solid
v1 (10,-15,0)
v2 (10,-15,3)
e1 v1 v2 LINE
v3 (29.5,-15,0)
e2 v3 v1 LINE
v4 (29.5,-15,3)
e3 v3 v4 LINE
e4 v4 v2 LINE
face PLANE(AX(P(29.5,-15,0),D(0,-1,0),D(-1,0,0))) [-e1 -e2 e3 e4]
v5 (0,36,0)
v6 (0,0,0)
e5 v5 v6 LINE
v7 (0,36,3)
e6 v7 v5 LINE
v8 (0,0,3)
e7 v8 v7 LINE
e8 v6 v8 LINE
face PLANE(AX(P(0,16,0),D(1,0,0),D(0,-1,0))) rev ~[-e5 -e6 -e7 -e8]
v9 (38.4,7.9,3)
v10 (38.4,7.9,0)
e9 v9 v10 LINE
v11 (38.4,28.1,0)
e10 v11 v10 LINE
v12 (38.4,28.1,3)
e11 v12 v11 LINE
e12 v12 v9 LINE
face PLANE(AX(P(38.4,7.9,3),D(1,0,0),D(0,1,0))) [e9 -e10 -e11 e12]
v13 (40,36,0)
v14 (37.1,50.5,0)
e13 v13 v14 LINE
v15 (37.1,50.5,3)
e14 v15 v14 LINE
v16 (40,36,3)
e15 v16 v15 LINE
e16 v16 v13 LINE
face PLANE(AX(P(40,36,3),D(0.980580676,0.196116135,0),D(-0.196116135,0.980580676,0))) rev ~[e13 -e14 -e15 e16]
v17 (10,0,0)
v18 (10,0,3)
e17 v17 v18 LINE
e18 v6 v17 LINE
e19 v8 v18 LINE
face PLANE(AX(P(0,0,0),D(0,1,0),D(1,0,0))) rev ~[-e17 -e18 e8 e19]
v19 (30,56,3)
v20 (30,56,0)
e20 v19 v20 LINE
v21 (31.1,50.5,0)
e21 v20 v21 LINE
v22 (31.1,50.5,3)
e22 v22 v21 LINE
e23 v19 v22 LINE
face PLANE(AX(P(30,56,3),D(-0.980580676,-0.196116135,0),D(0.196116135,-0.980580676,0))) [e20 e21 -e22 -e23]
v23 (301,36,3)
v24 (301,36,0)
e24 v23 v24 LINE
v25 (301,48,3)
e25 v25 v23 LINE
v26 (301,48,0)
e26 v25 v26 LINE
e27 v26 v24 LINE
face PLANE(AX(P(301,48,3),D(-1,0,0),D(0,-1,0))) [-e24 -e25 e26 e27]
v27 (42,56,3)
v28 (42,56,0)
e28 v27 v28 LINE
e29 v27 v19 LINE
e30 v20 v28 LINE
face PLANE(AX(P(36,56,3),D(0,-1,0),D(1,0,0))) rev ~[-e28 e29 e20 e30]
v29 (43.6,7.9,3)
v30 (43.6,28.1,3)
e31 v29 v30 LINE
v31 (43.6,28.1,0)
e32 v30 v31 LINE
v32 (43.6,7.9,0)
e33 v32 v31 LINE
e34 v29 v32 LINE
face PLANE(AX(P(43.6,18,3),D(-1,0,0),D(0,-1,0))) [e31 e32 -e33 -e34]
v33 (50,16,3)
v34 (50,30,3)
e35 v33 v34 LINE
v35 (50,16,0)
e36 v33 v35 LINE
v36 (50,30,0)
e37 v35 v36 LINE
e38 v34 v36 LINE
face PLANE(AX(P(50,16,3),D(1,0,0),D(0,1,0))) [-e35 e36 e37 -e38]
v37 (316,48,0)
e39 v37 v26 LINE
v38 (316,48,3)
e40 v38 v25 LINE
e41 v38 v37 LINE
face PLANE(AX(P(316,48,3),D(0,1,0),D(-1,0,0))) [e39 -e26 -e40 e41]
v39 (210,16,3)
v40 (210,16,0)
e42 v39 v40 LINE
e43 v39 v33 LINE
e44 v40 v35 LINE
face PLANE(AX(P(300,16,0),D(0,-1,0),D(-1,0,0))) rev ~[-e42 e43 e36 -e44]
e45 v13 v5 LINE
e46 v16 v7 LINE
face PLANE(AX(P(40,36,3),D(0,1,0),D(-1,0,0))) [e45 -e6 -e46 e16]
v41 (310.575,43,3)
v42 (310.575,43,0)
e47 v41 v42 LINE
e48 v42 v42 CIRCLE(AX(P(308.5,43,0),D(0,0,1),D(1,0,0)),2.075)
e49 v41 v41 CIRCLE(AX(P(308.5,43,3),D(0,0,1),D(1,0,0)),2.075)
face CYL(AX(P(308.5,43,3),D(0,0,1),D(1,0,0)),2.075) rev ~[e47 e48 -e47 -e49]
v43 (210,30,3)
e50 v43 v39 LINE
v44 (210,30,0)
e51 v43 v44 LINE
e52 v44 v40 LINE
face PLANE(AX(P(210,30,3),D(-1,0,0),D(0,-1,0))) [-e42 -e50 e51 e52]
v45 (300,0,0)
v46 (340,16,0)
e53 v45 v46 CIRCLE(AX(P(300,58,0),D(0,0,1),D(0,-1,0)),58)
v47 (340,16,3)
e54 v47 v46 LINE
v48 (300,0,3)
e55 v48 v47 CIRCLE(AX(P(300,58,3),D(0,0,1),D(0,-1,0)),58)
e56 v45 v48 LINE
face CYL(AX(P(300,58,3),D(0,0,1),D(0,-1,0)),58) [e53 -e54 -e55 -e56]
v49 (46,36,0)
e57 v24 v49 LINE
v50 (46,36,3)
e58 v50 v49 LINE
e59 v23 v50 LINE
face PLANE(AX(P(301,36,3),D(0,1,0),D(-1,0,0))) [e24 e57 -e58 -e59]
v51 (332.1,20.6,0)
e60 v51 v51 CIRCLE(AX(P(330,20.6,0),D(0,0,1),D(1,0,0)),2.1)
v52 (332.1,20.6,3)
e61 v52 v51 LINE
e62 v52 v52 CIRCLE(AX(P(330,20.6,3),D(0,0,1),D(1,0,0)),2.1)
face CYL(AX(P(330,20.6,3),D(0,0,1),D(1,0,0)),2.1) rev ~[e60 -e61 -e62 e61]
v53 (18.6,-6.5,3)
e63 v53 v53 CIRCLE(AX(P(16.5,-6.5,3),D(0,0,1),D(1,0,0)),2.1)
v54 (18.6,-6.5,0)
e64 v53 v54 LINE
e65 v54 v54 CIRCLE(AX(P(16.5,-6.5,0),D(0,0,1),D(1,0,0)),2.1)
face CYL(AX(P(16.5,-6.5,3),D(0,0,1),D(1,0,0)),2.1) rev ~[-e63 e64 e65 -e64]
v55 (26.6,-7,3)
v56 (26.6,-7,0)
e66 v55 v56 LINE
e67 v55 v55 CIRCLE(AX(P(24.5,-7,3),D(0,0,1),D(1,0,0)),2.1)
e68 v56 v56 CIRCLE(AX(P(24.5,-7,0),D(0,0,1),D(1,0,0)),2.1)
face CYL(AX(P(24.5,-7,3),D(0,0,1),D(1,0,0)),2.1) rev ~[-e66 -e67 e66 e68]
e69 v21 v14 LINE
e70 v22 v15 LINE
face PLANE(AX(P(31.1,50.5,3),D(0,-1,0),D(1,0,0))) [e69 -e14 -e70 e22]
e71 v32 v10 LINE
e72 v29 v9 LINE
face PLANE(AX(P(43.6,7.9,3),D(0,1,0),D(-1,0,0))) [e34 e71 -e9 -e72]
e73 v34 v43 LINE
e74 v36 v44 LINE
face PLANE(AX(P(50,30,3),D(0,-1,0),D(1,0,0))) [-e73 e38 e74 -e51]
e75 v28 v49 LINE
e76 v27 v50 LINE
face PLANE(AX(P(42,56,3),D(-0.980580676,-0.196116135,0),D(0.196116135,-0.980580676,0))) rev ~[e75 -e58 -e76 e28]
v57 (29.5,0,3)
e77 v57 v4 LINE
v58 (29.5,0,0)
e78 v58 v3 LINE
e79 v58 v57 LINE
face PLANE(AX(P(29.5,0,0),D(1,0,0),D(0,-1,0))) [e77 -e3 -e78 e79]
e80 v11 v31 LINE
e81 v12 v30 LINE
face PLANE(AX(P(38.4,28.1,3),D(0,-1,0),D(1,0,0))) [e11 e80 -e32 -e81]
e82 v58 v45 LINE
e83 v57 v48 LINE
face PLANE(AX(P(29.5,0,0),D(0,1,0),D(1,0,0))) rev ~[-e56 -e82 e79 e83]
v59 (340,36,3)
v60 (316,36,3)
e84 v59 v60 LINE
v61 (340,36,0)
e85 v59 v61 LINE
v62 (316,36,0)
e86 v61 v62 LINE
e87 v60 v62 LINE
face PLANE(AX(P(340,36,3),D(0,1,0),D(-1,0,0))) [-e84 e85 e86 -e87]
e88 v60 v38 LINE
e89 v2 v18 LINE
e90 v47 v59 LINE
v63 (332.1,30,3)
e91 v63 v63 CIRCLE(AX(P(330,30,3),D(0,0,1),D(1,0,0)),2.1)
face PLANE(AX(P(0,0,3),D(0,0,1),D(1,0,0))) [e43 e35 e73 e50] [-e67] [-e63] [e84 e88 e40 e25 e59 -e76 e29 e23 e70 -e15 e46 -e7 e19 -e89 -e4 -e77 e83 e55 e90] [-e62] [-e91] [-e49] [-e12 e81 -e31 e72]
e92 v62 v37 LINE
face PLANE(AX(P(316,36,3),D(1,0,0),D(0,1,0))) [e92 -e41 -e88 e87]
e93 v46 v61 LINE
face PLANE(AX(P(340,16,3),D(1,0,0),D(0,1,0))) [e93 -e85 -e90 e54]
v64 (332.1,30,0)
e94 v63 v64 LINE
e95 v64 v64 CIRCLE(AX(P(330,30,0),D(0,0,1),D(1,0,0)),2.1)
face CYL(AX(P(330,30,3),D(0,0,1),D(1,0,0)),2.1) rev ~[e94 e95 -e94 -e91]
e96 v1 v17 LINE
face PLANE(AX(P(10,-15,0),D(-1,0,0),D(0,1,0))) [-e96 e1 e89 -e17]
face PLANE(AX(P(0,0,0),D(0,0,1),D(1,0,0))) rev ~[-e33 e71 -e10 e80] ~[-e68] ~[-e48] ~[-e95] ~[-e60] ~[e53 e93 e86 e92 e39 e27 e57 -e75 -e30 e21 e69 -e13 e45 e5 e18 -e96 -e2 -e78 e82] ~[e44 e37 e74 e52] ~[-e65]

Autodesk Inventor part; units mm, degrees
ref_plane "YZ Plane" through (0, 0, 0) normal (1, 0, 0) x (0, 1, 0)
ref_plane "XZ Plane" through (0, 0, 0) normal (0, 1, 0) x (-1, 0, 0)
ref_plane "XY Plane" through (0, 0, 0) normal (0, 0, 1) x (1, 0, 0)
sketch "Sketch1" plane through (0, 0, 0) normal (0, 0, 1) x (1, 0, 0)
  line L0 (0, 0) -> (300, 0)
  line L1 (300, 0) -> (300, 16)
  line L2 (300, 16) -> (0, 16)
  line L3 (0, 16) -> (0, 0)
  line L4 (0, 0) -> (22.0483, 0)
  line L5 (10, 0) -> (29.5, 0)
  line L6 (29.5, 0) -> (29.5, -15)
  line L7 (29.5, -15) -> (10, -15)
  line L8 (10, -15) -> (10, 0)
  point P0 (0, 8)
  dimension "d2" = 19.5
  dimension "d3" = 15
  dimension "d4" = 10
  dimension "d5" = 16
  dimension "d8" = 300
extrude "Extrusion1" add sketch "Sketch1" along normal blind 3
sketch "Sketch2" plane through (0, 0, 3) normal (0, 0, 1) x (1, 0, 0)
  line L0 (0, 16) -> (0, 0) projected
  line L1 (0, 16) -> (0, 36)
  line L2 (300, 0) -> (300, 16) projected
  line L3 (340, 16) -> (340, 36)
  line L4 (340, 36) -> (0, 36)
  line L5 (300, 16) -> (0, 16) projected
  line L6 (50, 16) -> (50, 30)
  line L7 (50, 30) -> (210, 30)
  line L8 (210, 30) -> (210, 16)
  line L9 (40, 36) -> (36, 56)
  line L10 (36, 56) -> (42, 56)
  line L11 (42, 56) -> (46, 36)
  circle A0 centre (330, 30) radius 2.1
  circle A1 centre (330, 20.6) radius 2.1
  line L12 (340, 16) -> (300, 16)
  line L13 (301, 36) -> (316, 36)
  line L14 (316, 36) -> (316, 48)
  line L15 (316, 48) -> (301, 48)
  line L16 (301, 48) -> (301, 36)
  circle A2 centre (308.5, 43) radius 2.075
  line L17 (36, 56) -> (30, 56)
  line L18 (30, 56) -> (31.1, 50.5)
  line L19 (31.1, 50.5) -> (37.1, 50.5)
  point P0 (308.5, 48)
  point P1 (316, 36)
  dimension "d44" = 20
  dimension "d45" = 160
  dimension "d46" = 50
  dimension "d47" = 14
  dimension "d48" = 20
  dimension "d49" = 6
  dimension "d50" = 4
  dimension "d51" = 40
  dimension "d83" = 4.2
  dimension "d84" = 4.2
  dimension "d85" = 6
  dimension "d86" = 9.4
  dimension "d87" = 10
  dimension "d99" = 40
  dimension "d107" = 7
  dimension "d108" = 15
  dimension "d109" = 12
  dimension "d110" = 24
  dimension "d111" = 4.15
  dimension "d112" = 6
  dimension "d114" = 5.5
extrude "Extrusion2" add sketch "Sketch2" against normal blind 3 contours L1 L4 L3 L12 L5 L8 L7 L6 | L9 L10 L11 L4 | L19 L18 L17 L9 | L16 L15 L14 L4
sketch "Sketch3" plane through (0, 0, 3) normal (0, 0, 1) x (1, 0, 0)
  circle A0 centre (16.5, -6.5) radius 2.1
  circle A1 centre (24.5, -7) radius 2.1
  line L0 (29.5, 0) -> (300, 0) projected
  line L1 (29.5, -15) -> (29.5, 0) projected
  point P0 (0, 0)
  dimension "d75" = 4.2
  dimension "d76" = 6.5
  dimension "d77" = 4.2
  dimension "d78" = 7
  dimension "d79" = 5
  dimension "d80" = 8
extrude "Extrusion3" cut sketch "Sketch3" against normal blind 3
sketch "Sketch4" plane through (0, 0, 3) normal (0, 0, 1) x (1, 0, 0)
  line L0 (29.5, 0) -> (300, 0) projected
  circle A0 centre (41, 18) radius 2.6
  line L1 (340, 36) -> (46, 36) projected
  line L2 (38.4, 28.1) -> (43.6, 28.1)
  line L3 (43.6, 28.1) -> (43.6, 7.9)
  line L4 (43.6, 7.9) -> (38.4, 7.9)
  line L5 (38.4, 7.9) -> (38.4, 28.1)
  line L6 (38.4, 28.1) -> (43.6, 7.9) construction
  line L7 (43.6, 28.1) -> (38.4, 7.9) construction
  point P0 (0, 0)
  point P1 (43.6, 18)
  point P2 (38.4, 18)
  dimension "d95" = 18
  dimension "d96" = 5.2
  dimension "d100" = 5
  dimension "d101" = 20.2
extrude "Extrusion4" cut sketch "Sketch4" against normal blind 3
sketch "Sketch5" plane through (0, 0, 3) normal (0, 0, 1) x (1, 0, 0)
  line L0 (29.5, 0) -> (300, 0) projected
  line L1 (340, 36) -> (340, 16) projected
  arc A0 (300, 0) -> (340, 16) centre (300, 58) ccw
  line L2 (300, 0) -> (300, 16) projected
  line L3 (300, 0) -> (300, 16)
  line L4 (300, 16) -> (340, 16)
  point P0 (0, 0)
extrude "Extrusion5" add sketch "Sketch5" against normal blind 3
properties part number "Middle_bar"
